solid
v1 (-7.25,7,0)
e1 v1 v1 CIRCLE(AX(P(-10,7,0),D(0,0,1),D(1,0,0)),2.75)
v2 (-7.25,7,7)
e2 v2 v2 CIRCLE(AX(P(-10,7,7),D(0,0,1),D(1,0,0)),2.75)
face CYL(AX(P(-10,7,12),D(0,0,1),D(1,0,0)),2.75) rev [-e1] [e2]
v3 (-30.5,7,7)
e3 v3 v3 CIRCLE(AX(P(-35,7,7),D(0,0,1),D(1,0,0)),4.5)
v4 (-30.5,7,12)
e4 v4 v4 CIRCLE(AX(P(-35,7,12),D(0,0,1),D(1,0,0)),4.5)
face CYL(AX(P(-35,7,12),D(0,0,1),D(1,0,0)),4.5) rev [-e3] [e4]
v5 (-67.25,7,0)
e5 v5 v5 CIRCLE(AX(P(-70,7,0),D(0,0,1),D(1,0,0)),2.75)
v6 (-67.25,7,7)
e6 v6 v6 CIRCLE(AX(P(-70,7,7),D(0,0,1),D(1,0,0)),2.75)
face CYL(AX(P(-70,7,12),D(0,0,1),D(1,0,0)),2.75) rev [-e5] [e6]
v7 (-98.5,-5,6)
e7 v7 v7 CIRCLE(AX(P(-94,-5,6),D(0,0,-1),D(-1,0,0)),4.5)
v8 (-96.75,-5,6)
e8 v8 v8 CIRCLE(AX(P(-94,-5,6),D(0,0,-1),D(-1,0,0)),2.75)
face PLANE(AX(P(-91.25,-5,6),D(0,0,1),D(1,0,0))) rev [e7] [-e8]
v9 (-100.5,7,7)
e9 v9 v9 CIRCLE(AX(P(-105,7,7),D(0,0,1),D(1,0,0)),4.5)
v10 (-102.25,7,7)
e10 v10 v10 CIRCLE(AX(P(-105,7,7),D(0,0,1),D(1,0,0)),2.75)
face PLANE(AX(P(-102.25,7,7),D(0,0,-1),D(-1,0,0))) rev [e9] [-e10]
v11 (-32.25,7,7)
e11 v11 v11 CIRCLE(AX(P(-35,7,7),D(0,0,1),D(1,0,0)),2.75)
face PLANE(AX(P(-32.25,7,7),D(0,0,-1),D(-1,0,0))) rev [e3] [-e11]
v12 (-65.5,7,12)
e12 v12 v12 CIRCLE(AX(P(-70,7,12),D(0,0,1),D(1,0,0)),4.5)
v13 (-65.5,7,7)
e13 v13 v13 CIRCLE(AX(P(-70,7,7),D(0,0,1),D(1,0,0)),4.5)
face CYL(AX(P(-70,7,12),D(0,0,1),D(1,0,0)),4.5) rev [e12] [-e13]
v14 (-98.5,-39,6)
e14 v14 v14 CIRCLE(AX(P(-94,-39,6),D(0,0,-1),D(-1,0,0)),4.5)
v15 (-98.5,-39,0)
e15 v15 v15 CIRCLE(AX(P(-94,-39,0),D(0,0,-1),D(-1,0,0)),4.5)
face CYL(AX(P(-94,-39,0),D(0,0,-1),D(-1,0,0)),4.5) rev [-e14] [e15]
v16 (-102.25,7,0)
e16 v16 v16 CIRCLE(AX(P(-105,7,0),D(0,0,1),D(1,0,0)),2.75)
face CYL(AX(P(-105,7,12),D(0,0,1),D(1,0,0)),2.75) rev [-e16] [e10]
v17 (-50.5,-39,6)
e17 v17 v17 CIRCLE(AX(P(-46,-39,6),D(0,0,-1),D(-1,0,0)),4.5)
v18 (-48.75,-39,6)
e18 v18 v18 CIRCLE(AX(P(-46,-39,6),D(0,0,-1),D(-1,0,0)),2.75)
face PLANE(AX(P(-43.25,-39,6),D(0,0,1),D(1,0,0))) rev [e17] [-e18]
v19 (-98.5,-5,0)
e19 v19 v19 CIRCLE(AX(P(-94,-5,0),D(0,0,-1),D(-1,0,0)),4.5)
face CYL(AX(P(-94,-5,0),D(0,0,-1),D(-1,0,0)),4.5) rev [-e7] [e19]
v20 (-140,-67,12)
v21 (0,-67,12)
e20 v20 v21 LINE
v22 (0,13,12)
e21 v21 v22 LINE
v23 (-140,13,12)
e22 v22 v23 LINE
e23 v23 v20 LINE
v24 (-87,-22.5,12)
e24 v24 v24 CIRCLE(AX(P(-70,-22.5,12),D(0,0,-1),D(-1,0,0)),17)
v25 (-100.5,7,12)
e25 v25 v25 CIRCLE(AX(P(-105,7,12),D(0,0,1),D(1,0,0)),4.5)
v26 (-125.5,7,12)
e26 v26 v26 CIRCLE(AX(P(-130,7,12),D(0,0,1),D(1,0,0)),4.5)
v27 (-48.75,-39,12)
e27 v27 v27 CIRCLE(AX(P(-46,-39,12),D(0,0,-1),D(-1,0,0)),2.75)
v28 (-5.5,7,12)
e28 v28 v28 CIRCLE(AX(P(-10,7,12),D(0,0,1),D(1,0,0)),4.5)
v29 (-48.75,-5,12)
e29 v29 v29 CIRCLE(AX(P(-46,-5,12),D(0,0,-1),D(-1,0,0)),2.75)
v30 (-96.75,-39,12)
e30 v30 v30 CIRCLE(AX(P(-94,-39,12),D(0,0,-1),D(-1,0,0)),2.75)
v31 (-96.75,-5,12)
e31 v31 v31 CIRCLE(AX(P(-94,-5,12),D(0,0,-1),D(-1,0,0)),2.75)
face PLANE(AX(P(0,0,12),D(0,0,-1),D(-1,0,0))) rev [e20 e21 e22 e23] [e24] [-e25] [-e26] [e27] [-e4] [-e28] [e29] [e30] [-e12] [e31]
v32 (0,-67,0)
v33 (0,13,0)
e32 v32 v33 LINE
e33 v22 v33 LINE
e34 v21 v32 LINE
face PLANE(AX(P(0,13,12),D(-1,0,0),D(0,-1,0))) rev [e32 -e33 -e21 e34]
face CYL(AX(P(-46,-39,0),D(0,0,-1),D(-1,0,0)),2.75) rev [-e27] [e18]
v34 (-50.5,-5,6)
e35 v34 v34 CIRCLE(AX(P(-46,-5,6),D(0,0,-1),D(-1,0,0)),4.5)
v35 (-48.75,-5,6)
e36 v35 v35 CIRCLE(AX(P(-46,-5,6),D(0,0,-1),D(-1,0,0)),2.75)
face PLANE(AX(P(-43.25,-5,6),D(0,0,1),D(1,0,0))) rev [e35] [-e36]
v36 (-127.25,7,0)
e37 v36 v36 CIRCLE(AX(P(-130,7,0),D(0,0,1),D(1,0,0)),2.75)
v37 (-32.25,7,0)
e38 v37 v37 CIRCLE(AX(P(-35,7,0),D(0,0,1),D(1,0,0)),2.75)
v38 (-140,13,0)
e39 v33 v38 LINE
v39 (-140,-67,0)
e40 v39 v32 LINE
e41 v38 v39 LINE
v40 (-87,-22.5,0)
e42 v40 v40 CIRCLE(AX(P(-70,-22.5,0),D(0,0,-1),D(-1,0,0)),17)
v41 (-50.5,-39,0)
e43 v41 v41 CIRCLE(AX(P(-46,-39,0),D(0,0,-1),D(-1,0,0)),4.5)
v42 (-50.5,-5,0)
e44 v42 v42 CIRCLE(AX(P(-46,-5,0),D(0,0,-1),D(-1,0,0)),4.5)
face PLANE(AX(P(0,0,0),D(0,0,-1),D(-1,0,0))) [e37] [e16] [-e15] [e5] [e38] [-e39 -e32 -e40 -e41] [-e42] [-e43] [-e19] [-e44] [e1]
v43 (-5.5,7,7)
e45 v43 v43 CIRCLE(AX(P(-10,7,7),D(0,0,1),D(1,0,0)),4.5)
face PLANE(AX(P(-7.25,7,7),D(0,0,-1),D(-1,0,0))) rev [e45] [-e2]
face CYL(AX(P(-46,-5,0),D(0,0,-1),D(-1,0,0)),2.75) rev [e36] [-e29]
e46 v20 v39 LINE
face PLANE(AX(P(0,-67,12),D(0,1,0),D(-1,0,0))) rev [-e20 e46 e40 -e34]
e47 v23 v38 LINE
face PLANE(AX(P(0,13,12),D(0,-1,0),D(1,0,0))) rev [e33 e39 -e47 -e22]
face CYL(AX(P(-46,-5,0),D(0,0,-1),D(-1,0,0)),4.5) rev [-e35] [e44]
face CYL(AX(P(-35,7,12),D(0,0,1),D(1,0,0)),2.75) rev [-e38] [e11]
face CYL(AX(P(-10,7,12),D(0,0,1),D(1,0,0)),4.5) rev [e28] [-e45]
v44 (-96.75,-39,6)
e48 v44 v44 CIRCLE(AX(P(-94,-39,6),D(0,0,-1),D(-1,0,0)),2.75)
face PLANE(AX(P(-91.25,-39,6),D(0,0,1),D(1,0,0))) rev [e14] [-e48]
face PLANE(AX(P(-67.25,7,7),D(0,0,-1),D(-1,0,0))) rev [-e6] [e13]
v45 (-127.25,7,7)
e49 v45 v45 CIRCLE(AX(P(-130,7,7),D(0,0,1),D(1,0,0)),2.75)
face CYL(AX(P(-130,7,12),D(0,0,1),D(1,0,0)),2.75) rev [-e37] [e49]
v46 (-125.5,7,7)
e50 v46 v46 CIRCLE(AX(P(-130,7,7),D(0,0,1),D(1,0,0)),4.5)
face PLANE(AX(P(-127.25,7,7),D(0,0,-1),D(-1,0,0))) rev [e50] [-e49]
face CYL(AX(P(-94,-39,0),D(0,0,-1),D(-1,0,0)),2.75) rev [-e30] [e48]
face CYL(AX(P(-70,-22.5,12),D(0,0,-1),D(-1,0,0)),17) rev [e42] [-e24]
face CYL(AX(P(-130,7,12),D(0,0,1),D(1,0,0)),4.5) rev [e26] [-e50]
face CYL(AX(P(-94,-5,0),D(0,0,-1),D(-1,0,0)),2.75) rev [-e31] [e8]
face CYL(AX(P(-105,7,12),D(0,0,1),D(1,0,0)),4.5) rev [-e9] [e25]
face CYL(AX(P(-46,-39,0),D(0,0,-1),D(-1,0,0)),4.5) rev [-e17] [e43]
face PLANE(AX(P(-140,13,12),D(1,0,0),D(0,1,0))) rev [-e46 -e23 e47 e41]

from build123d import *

# Parameters (mm, degrees)
SZKIC1_W                                             = 140
SZKIC1_H                                             = 80
DODANIE_WYCI_GNI_CIE1_DEPTH                          = 12
POG_BIENIE_WALCOWE_POD_M5_WKR_T_DO_CZ_CI_D           = 5.5
POG_BIENIE_WALCOWE_POD_M5_WKR_T_DO_CZ_CI_CBORE_D     = 9
POG_BIENIE_WALCOWE_POD_M5_WKR_T_DO_CZ_CI_CBORE_DEPTH = 5
SZKIC4_R                                             = 17
WYTNIJ_WYCI_GNI_CIE1_DEPTH                           = 156.669521744
POG_BIENIE_WALCOWE_POD_M5_WKR_T_DO_C_2_D             = 5.5
POG_BIENIE_WALCOWE_POD_M5_WKR_T_DO_C_2_CBORE_D       = 9
POG_BIENIE_WALCOWE_POD_M5_WKR_T_DO_C_2_CBORE_DEPTH   = 6


with BuildPart() as part:
    # Szkic1 → Dodanie-wyciągnięcie1 (new body)
    with BuildSketch(Plane.XY):
        with Locations((-70, -27)):
            Rectangle(SZKIC1_W, SZKIC1_H)
    extrude(amount=DODANIE_WYCI_GNI_CIE1_DEPTH)

    # Pog_bienie walcowe pod M5 Wkr_t do cz_ci (through all)
    with Locations(Plane.XY.offset(12)):
        with Locations((-10, 7), (-35, 7), (-105, 7), (-130, 7), (-70, 7)):
            CounterBoreHole(POG_BIENIE_WALCOWE_POD_M5_WKR_T_DO_CZ_CI_D / 2, POG_BIENIE_WALCOWE_POD_M5_WKR_T_DO_CZ_CI_CBORE_D / 2, POG_BIENIE_WALCOWE_POD_M5_WKR_T_DO_CZ_CI_CBORE_DEPTH)

    # Szkic4 → Wytnij-wyciągnięcie1 (cut, through all)
    with BuildSketch(Plane(origin=(0, 0, 0), x_dir=(-1, 0, 0), z_dir=(0, 0, -1))):
        with Locations((70, -22.5)):
            Circle(SZKIC4_R)
    extrude(amount=-WYTNIJ_WYCI_GNI_CIE1_DEPTH, mode=Mode.SUBTRACT)

    # Pog_bienie walcowe pod M5 Wkr_t do c 2 (through all)
    with Locations(Plane(origin=(0, 0, 0), x_dir=(-1, 0, 0), z_dir=(0, 0, -1))):
        with Locations((46, -39), (46, -5)):
            pog_bienie_walcowe_pod_m5_wkr_t_do_c_2 = CounterBoreHole(POG_BIENIE_WALCOWE_POD_M5_WKR_T_DO_C_2_D / 2, POG_BIENIE_WALCOWE_POD_M5_WKR_T_DO_C_2_CBORE_D / 2, POG_BIENIE_WALCOWE_POD_M5_WKR_T_DO_C_2_CBORE_DEPTH)

    # Lustro1: Pog_bienie walcowe pod M5 Wkr_t do c 2 across plane
    add(pog_bienie_walcowe_pod_m5_wkr_t_do_c_2.mirror(Plane.ZY.offset(70)), mode=Mode.SUBTRACT)


solid = part.part
